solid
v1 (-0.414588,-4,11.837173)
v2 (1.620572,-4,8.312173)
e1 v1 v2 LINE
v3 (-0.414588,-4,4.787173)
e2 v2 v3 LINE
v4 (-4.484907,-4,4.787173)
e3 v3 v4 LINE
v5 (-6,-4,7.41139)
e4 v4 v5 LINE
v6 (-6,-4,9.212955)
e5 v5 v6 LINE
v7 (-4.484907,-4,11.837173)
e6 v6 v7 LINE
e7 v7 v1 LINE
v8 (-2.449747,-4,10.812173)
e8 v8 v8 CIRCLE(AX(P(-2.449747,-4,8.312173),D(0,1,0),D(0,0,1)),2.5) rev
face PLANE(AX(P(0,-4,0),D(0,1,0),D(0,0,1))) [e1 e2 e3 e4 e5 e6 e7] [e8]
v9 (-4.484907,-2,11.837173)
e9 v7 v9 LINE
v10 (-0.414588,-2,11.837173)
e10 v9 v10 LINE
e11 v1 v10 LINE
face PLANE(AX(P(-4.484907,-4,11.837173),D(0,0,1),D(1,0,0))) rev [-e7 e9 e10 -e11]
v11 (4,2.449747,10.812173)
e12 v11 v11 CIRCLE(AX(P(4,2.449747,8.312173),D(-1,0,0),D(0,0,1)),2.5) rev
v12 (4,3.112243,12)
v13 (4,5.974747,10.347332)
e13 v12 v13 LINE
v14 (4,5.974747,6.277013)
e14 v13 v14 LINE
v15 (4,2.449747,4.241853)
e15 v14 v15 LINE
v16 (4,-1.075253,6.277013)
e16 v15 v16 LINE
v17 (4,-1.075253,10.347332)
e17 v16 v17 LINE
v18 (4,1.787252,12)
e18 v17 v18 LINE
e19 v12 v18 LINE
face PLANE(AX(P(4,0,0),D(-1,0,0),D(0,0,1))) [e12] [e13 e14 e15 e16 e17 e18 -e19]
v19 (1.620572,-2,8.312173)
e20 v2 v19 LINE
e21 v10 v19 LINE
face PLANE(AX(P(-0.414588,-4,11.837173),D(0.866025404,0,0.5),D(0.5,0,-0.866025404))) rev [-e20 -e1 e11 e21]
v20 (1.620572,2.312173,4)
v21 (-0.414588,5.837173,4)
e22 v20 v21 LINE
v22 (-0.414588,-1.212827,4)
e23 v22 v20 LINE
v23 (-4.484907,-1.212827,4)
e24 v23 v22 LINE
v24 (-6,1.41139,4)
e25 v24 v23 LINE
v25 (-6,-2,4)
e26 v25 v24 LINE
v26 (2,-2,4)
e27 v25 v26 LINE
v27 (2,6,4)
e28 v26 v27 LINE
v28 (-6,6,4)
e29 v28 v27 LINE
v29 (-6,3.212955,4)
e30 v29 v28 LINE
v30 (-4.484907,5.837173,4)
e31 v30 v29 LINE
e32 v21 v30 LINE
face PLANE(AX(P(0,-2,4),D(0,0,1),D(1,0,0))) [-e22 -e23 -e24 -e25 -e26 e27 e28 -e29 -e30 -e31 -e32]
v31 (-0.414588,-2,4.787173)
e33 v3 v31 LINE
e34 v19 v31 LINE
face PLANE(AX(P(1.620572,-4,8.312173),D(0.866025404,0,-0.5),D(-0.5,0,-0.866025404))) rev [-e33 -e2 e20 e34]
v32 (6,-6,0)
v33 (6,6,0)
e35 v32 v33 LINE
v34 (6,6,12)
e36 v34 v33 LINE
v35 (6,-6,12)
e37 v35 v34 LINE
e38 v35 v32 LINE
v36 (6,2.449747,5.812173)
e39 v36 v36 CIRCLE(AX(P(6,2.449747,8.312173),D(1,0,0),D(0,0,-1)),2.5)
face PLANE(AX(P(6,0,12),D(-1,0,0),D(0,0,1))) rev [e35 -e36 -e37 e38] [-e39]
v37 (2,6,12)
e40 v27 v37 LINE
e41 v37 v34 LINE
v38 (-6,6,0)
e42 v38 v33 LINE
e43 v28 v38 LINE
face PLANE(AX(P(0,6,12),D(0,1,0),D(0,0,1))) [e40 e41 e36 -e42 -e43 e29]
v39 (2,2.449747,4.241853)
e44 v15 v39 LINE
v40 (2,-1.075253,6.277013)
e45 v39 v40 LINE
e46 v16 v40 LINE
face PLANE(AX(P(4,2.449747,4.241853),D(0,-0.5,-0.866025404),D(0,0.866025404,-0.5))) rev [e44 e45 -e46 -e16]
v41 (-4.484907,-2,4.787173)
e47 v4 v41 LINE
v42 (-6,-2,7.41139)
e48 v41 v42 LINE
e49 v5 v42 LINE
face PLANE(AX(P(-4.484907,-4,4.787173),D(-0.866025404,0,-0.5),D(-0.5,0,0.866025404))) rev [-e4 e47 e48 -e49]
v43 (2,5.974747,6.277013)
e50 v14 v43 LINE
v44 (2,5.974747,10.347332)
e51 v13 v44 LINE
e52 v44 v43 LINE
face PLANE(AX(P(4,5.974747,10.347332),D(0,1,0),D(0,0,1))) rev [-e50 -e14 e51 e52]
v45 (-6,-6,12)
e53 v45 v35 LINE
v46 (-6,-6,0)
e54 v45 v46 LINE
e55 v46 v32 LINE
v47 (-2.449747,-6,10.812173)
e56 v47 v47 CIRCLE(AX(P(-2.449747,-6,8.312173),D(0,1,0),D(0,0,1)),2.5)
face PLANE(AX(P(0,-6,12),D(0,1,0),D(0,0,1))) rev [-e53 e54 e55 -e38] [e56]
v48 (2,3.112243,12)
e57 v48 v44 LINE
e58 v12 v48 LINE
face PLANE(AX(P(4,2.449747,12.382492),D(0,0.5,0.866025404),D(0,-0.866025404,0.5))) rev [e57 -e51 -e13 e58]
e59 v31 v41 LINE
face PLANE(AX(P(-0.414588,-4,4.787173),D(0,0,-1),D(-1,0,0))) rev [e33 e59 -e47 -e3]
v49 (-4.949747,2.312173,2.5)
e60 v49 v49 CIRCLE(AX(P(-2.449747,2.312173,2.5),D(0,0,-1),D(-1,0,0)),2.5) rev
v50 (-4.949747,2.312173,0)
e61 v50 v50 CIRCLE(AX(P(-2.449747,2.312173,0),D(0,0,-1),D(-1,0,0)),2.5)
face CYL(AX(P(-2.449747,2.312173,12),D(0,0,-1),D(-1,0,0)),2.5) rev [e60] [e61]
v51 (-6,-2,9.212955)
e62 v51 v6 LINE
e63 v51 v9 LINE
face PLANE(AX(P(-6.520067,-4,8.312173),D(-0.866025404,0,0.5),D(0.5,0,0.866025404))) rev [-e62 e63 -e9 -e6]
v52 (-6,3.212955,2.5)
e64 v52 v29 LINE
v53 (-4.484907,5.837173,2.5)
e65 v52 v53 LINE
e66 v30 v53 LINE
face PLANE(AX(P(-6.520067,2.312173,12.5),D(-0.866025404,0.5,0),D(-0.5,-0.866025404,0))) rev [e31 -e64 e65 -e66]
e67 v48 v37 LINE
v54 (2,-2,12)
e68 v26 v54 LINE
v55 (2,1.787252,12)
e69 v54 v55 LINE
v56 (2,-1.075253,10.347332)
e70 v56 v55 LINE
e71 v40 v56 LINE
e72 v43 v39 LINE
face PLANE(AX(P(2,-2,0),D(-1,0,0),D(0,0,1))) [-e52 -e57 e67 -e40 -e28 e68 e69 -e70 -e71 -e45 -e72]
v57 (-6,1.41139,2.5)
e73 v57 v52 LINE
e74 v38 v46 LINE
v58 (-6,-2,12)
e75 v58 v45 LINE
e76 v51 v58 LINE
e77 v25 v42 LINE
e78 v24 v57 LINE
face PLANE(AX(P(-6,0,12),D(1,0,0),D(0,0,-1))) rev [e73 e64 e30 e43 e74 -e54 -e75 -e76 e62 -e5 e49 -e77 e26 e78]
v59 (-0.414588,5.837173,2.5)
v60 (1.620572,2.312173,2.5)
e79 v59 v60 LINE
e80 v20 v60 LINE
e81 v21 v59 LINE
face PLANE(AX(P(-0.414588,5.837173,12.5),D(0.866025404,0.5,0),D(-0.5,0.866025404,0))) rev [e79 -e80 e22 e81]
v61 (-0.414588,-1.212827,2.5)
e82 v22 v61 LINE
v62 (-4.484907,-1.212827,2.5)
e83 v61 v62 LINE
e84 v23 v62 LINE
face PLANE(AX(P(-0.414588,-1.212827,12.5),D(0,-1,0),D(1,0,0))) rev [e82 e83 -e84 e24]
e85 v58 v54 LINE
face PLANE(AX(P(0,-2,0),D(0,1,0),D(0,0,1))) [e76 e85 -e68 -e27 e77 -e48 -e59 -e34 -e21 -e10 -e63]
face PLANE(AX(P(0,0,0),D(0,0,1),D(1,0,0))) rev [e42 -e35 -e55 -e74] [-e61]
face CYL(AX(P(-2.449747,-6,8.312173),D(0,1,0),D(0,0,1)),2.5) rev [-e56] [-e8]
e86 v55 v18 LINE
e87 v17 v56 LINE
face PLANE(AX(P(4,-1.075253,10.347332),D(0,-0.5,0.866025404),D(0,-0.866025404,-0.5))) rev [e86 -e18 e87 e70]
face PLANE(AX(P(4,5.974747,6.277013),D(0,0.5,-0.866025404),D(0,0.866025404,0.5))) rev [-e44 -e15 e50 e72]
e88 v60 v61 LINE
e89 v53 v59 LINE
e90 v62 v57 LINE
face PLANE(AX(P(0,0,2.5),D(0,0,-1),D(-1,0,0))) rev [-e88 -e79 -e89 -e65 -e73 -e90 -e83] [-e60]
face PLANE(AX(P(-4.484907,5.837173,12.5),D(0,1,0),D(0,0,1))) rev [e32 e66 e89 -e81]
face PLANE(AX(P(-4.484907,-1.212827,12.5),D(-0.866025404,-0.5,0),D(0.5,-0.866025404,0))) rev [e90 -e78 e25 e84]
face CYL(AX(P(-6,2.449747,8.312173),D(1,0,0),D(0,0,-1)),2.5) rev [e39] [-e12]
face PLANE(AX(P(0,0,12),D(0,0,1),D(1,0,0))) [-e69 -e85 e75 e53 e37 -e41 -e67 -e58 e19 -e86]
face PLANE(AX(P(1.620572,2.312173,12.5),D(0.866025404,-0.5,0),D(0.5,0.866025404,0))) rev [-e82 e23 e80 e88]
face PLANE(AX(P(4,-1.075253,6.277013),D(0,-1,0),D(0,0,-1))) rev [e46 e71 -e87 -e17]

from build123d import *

# Parameters (mm, degrees)
BOSS_EXTRUDE1_DEPTH = 12
SKETCH3_W           = 8
SKETCH3_H           = 8
CUT_EXTRUDE1_DEPTH  = 8
CUT_EXTRUDE8_DEPTH  = 16.620499352
SKETCH8_R           = 2.5
CUT_EXTRUDE9_DEPTH  = 19
CUT_EXTRUDE10_DEPTH = 15.696938457
CUT_EXTRUDE11_START = -2.5
CUT_EXTRUDE11_DEPTH = 10
CUT_EXTRUDE13_DEPTH = 2
CUT_EXTRUDE14_DEPTH = 2


with BuildPart() as part:
    # Sketch2 → Boss-Extrude1 (new body)
    with BuildSketch(Plane.XY):
        with BuildLine():
            Line((2.31217259, 6), (-6, 6))
            Line((-6, 6), (-6, -2.44974747))
            Line((-6, -2.44974747), (0.26217259, -2.44974747))
            ThreePointArc((0.26217259, -2.44974747), (0.862603689, -1.000178569), (2.31217259, -0.39974747))
            Line((2.31217259, -0.39974747), (2.31217259, 6))
        make_face()
        with BuildLine():
            Line((6, 6), (2.31217259, 6))
            Line((2.31217259, 6), (2.31217259, -0.39974747))
            ThreePointArc((2.31217259, -0.39974747), (3.761741491, -1.000178569), (4.36217259, -2.44974747))
            Line((4.36217259, -2.44974747), (6, -2.44974747))
            Line((6, -2.44974747), (6, 6))
        make_face()
        with BuildLine():
            ThreePointArc((2.31217259, -0.39974747), (0.862603689, -1.000178569), (0.26217259, -2.44974747))
            Line((0.26217259, -2.44974747), (2.31217259, -2.44974747))
            Line((2.31217259, -2.44974747), (2.31217259, -0.39974747))
        make_face()
        with BuildLine():
            Line((2.31217259, -2.44974747), (0.26217259, -2.44974747))
            ThreePointArc((0.26217259, -2.44974747), (0.862603689, -3.899316371), (2.31217259, -4.49974747))
            Line((2.31217259, -4.49974747), (2.31217259, -2.44974747))
        make_face()
        with BuildLine():
            ThreePointArc((4.36217259, -2.44974747), (3.761741491, -1.000178569), (2.31217259, -0.39974747))
            Line((2.31217259, -0.39974747), (2.31217259, -2.44974747))
            Line((2.31217259, -2.44974747), (4.36217259, -2.44974747))
        make_face()
        with BuildLine():
            Line((4.36217259, -2.44974747), (2.31217259, -2.44974747))
            Line((2.31217259, -2.44974747), (2.31217259, -4.49974747))
            ThreePointArc((2.31217259, -4.49974747), (3.761741491, -3.899316371), (4.36217259, -2.44974747))
        make_face()
        with BuildLine():
            Line((2.31217259, -4.49974747), (2.31217259, -6))
            Line((2.31217259, -6), (6, -6))
            Line((6, -6), (6, -2.44974747))
            Line((6, -2.44974747), (4.36217259, -2.44974747))
            ThreePointArc((4.36217259, -2.44974747), (3.761741491, -3.899316371), (2.31217259, -4.49974747))
        make_face()
        with BuildLine():
            Line((0.26217259, -2.44974747), (-6, -2.44974747))
            Line((-6, -2.44974747), (-6, -6))
            Line((-6, -6), (2.31217259, -6))
            Line((2.31217259, -6), (2.31217259, -4.49974747))
            ThreePointArc((2.31217259, -4.49974747), (0.862603689, -3.899316371), (0.26217259, -2.44974747))
        make_face()
    extrude(amount=BOSS_EXTRUDE1_DEPTH)

    # Sketch3 → Cut-Extrude1 (cut)
    with BuildSketch(Plane(origin=(0, 6, 0), x_dir=(1, 0, 0), z_dir=(0, 1, 0))):
        with Locations((-2, -8)):
            Rectangle(SKETCH3_W, SKETCH3_H)
    extrude(amount=-CUT_EXTRUDE1_DEPTH, mode=Mode.SUBTRACT)

    # Sketch6 → Cut-Extrude8 (cut, through all)
    with BuildSketch(Plane(origin=(0, -2, 0), x_dir=(1, 0, 0), z_dir=(0, 1, 0))):
        with BuildLine():
            ThreePointArc((0.05025253, -8.31217259), (-0.681980517, -6.544405637), (-2.44974747, -5.81217259))
            Line((-2.44974747, -5.81217259), (-2.44974747, -8.31217259))
            Line((-2.44974747, -8.31217259), (0.05025253, -8.31217259))
        make_face()
        with BuildLine():
            Line((-2.44974747, -8.31217259), (-2.44974747, -5.81217259))
            ThreePointArc((-2.44974747, -5.81217259), (-4.217514423, -6.544405637), (-4.94974747, -8.31217259))
            Line((-4.94974747, -8.31217259), (-2.44974747, -8.31217259))
        make_face()
        with BuildLine():
            ThreePointArc((-2.44974747, -10.81217259), (-0.681980517, -10.079939543), (0.05025253, -8.31217259))
            Line((0.05025253, -8.31217259), (-2.44974747, -8.31217259))
            Line((-2.44974747, -8.31217259), (-2.44974747, -10.81217259))
        make_face()
        with BuildLine():
            Line((-2.44974747, -10.81217259), (-2.44974747, -8.31217259))
            Line((-2.44974747, -8.31217259), (-4.94974747, -8.31217259))
            ThreePointArc((-4.94974747, -8.31217259), (-4.217514423, -10.079939543), (-2.44974747, -10.81217259))
        make_face()
    extrude(amount=-CUT_EXTRUDE8_DEPTH, mode=Mode.SUBTRACT)

    # Sketch8 → Cut-Extrude9 (cut, through all)
    with BuildSketch(Plane(origin=(6, 0, 0), x_dir=(0, 0, -1), z_dir=(1, 0, 0))):
        with Locations((-8.31217259, 2.44974747)):
            Circle(SKETCH8_R)
    extrude(amount=-CUT_EXTRUDE9_DEPTH, mode=Mode.SUBTRACT)

    # Sketch7 → Cut-Extrude10 (cut, through all)
    with BuildSketch(Plane(origin=(0, 0, 0), x_dir=(-1, 0, 0), z_dir=(0, 0, -1))):
        with BuildLine():
            ThreePointArc((-0.05025253, 2.31217259), (0.681980517, 0.544405637), (2.44974747, -0.18782741))
            Line((2.44974747, -0.18782741), (2.44974747, 2.31217259))
            Line((2.44974747, 2.31217259), (-0.05025253, 2.31217259))
        make_face()
        with BuildLine():
            Line((2.44974747, 2.31217259), (2.44974747, -0.18782741))
            ThreePointArc((2.44974747, -0.18782741), (4.217514423, 0.544405637), (4.94974747, 2.31217259))
            Line((4.94974747, 2.31217259), (2.44974747, 2.31217259))
        make_face()
        with BuildLine():
            ThreePointArc((2.44974747, 4.81217259), (0.681980517, 4.079939543), (-0.05025253, 2.31217259))
            Line((-0.05025253, 2.31217259), (2.44974747, 2.31217259))
            Line((2.44974747, 2.31217259), (2.44974747, 4.81217259))
        make_face()
        with BuildLine():
            Line((2.44974747, 4.81217259), (2.44974747, 2.31217259))
            Line((2.44974747, 2.31217259), (4.94974747, 2.31217259))
            ThreePointArc((4.94974747, 2.31217259), (4.217514423, 4.079939543), (2.44974747, 4.81217259))
        make_face()
    extrude(amount=-CUT_EXTRUDE10_DEPTH, mode=Mode.SUBTRACT)

    # Sketch14 → Cut-Extrude11 (cut)
    with BuildSketch(Plane(origin=(0, 0, 0), x_dir=(-1, 0, 0), z_dir=(0, 0, -1)).offset(CUT_EXTRUDE11_START)):
        Polygon((6.520066868, 2.31217259), (4.484907169, 5.83717259), (0.414587771, 5.83717259), (-1.620571928, 2.31217259), (0.414587771, -1.21282741), (4.484907169, -1.21282741), align=None)
    extrude(amount=-CUT_EXTRUDE11_DEPTH, mode=Mode.SUBTRACT)

    # Sketch15 → Cut-Extrude13 (cut)
    with BuildSketch(Plane(origin=(0, -2, 0), x_dir=(1, 0, 0), z_dir=(0, 1, 0))):
        Polygon((1.620571928, -8.31217259), (-0.414587771, -4.78717259), (-4.484907169, -4.78717259), (-6.520066868, -8.31217259), (-4.484907169, -11.83717259), (-0.414587771, -11.83717259), align=None)
    extrude(amount=-CUT_EXTRUDE13_DEPTH, mode=Mode.SUBTRACT)

    # Sketch16 → Cut-Extrude14 (cut)
    with BuildSketch(Plane.ZY.offset(-2)):
        Polygon((12.382491988, 2.44974747), (10.347332289, 5.97474747), (6.277012891, 5.97474747), (4.241853192, 2.44974747), (6.277012891, -1.07525253), (10.347332289, -1.07525253), align=None)
    extrude(amount=-CUT_EXTRUDE14_DEPTH, mode=Mode.SUBTRACT)


solid = part.part
